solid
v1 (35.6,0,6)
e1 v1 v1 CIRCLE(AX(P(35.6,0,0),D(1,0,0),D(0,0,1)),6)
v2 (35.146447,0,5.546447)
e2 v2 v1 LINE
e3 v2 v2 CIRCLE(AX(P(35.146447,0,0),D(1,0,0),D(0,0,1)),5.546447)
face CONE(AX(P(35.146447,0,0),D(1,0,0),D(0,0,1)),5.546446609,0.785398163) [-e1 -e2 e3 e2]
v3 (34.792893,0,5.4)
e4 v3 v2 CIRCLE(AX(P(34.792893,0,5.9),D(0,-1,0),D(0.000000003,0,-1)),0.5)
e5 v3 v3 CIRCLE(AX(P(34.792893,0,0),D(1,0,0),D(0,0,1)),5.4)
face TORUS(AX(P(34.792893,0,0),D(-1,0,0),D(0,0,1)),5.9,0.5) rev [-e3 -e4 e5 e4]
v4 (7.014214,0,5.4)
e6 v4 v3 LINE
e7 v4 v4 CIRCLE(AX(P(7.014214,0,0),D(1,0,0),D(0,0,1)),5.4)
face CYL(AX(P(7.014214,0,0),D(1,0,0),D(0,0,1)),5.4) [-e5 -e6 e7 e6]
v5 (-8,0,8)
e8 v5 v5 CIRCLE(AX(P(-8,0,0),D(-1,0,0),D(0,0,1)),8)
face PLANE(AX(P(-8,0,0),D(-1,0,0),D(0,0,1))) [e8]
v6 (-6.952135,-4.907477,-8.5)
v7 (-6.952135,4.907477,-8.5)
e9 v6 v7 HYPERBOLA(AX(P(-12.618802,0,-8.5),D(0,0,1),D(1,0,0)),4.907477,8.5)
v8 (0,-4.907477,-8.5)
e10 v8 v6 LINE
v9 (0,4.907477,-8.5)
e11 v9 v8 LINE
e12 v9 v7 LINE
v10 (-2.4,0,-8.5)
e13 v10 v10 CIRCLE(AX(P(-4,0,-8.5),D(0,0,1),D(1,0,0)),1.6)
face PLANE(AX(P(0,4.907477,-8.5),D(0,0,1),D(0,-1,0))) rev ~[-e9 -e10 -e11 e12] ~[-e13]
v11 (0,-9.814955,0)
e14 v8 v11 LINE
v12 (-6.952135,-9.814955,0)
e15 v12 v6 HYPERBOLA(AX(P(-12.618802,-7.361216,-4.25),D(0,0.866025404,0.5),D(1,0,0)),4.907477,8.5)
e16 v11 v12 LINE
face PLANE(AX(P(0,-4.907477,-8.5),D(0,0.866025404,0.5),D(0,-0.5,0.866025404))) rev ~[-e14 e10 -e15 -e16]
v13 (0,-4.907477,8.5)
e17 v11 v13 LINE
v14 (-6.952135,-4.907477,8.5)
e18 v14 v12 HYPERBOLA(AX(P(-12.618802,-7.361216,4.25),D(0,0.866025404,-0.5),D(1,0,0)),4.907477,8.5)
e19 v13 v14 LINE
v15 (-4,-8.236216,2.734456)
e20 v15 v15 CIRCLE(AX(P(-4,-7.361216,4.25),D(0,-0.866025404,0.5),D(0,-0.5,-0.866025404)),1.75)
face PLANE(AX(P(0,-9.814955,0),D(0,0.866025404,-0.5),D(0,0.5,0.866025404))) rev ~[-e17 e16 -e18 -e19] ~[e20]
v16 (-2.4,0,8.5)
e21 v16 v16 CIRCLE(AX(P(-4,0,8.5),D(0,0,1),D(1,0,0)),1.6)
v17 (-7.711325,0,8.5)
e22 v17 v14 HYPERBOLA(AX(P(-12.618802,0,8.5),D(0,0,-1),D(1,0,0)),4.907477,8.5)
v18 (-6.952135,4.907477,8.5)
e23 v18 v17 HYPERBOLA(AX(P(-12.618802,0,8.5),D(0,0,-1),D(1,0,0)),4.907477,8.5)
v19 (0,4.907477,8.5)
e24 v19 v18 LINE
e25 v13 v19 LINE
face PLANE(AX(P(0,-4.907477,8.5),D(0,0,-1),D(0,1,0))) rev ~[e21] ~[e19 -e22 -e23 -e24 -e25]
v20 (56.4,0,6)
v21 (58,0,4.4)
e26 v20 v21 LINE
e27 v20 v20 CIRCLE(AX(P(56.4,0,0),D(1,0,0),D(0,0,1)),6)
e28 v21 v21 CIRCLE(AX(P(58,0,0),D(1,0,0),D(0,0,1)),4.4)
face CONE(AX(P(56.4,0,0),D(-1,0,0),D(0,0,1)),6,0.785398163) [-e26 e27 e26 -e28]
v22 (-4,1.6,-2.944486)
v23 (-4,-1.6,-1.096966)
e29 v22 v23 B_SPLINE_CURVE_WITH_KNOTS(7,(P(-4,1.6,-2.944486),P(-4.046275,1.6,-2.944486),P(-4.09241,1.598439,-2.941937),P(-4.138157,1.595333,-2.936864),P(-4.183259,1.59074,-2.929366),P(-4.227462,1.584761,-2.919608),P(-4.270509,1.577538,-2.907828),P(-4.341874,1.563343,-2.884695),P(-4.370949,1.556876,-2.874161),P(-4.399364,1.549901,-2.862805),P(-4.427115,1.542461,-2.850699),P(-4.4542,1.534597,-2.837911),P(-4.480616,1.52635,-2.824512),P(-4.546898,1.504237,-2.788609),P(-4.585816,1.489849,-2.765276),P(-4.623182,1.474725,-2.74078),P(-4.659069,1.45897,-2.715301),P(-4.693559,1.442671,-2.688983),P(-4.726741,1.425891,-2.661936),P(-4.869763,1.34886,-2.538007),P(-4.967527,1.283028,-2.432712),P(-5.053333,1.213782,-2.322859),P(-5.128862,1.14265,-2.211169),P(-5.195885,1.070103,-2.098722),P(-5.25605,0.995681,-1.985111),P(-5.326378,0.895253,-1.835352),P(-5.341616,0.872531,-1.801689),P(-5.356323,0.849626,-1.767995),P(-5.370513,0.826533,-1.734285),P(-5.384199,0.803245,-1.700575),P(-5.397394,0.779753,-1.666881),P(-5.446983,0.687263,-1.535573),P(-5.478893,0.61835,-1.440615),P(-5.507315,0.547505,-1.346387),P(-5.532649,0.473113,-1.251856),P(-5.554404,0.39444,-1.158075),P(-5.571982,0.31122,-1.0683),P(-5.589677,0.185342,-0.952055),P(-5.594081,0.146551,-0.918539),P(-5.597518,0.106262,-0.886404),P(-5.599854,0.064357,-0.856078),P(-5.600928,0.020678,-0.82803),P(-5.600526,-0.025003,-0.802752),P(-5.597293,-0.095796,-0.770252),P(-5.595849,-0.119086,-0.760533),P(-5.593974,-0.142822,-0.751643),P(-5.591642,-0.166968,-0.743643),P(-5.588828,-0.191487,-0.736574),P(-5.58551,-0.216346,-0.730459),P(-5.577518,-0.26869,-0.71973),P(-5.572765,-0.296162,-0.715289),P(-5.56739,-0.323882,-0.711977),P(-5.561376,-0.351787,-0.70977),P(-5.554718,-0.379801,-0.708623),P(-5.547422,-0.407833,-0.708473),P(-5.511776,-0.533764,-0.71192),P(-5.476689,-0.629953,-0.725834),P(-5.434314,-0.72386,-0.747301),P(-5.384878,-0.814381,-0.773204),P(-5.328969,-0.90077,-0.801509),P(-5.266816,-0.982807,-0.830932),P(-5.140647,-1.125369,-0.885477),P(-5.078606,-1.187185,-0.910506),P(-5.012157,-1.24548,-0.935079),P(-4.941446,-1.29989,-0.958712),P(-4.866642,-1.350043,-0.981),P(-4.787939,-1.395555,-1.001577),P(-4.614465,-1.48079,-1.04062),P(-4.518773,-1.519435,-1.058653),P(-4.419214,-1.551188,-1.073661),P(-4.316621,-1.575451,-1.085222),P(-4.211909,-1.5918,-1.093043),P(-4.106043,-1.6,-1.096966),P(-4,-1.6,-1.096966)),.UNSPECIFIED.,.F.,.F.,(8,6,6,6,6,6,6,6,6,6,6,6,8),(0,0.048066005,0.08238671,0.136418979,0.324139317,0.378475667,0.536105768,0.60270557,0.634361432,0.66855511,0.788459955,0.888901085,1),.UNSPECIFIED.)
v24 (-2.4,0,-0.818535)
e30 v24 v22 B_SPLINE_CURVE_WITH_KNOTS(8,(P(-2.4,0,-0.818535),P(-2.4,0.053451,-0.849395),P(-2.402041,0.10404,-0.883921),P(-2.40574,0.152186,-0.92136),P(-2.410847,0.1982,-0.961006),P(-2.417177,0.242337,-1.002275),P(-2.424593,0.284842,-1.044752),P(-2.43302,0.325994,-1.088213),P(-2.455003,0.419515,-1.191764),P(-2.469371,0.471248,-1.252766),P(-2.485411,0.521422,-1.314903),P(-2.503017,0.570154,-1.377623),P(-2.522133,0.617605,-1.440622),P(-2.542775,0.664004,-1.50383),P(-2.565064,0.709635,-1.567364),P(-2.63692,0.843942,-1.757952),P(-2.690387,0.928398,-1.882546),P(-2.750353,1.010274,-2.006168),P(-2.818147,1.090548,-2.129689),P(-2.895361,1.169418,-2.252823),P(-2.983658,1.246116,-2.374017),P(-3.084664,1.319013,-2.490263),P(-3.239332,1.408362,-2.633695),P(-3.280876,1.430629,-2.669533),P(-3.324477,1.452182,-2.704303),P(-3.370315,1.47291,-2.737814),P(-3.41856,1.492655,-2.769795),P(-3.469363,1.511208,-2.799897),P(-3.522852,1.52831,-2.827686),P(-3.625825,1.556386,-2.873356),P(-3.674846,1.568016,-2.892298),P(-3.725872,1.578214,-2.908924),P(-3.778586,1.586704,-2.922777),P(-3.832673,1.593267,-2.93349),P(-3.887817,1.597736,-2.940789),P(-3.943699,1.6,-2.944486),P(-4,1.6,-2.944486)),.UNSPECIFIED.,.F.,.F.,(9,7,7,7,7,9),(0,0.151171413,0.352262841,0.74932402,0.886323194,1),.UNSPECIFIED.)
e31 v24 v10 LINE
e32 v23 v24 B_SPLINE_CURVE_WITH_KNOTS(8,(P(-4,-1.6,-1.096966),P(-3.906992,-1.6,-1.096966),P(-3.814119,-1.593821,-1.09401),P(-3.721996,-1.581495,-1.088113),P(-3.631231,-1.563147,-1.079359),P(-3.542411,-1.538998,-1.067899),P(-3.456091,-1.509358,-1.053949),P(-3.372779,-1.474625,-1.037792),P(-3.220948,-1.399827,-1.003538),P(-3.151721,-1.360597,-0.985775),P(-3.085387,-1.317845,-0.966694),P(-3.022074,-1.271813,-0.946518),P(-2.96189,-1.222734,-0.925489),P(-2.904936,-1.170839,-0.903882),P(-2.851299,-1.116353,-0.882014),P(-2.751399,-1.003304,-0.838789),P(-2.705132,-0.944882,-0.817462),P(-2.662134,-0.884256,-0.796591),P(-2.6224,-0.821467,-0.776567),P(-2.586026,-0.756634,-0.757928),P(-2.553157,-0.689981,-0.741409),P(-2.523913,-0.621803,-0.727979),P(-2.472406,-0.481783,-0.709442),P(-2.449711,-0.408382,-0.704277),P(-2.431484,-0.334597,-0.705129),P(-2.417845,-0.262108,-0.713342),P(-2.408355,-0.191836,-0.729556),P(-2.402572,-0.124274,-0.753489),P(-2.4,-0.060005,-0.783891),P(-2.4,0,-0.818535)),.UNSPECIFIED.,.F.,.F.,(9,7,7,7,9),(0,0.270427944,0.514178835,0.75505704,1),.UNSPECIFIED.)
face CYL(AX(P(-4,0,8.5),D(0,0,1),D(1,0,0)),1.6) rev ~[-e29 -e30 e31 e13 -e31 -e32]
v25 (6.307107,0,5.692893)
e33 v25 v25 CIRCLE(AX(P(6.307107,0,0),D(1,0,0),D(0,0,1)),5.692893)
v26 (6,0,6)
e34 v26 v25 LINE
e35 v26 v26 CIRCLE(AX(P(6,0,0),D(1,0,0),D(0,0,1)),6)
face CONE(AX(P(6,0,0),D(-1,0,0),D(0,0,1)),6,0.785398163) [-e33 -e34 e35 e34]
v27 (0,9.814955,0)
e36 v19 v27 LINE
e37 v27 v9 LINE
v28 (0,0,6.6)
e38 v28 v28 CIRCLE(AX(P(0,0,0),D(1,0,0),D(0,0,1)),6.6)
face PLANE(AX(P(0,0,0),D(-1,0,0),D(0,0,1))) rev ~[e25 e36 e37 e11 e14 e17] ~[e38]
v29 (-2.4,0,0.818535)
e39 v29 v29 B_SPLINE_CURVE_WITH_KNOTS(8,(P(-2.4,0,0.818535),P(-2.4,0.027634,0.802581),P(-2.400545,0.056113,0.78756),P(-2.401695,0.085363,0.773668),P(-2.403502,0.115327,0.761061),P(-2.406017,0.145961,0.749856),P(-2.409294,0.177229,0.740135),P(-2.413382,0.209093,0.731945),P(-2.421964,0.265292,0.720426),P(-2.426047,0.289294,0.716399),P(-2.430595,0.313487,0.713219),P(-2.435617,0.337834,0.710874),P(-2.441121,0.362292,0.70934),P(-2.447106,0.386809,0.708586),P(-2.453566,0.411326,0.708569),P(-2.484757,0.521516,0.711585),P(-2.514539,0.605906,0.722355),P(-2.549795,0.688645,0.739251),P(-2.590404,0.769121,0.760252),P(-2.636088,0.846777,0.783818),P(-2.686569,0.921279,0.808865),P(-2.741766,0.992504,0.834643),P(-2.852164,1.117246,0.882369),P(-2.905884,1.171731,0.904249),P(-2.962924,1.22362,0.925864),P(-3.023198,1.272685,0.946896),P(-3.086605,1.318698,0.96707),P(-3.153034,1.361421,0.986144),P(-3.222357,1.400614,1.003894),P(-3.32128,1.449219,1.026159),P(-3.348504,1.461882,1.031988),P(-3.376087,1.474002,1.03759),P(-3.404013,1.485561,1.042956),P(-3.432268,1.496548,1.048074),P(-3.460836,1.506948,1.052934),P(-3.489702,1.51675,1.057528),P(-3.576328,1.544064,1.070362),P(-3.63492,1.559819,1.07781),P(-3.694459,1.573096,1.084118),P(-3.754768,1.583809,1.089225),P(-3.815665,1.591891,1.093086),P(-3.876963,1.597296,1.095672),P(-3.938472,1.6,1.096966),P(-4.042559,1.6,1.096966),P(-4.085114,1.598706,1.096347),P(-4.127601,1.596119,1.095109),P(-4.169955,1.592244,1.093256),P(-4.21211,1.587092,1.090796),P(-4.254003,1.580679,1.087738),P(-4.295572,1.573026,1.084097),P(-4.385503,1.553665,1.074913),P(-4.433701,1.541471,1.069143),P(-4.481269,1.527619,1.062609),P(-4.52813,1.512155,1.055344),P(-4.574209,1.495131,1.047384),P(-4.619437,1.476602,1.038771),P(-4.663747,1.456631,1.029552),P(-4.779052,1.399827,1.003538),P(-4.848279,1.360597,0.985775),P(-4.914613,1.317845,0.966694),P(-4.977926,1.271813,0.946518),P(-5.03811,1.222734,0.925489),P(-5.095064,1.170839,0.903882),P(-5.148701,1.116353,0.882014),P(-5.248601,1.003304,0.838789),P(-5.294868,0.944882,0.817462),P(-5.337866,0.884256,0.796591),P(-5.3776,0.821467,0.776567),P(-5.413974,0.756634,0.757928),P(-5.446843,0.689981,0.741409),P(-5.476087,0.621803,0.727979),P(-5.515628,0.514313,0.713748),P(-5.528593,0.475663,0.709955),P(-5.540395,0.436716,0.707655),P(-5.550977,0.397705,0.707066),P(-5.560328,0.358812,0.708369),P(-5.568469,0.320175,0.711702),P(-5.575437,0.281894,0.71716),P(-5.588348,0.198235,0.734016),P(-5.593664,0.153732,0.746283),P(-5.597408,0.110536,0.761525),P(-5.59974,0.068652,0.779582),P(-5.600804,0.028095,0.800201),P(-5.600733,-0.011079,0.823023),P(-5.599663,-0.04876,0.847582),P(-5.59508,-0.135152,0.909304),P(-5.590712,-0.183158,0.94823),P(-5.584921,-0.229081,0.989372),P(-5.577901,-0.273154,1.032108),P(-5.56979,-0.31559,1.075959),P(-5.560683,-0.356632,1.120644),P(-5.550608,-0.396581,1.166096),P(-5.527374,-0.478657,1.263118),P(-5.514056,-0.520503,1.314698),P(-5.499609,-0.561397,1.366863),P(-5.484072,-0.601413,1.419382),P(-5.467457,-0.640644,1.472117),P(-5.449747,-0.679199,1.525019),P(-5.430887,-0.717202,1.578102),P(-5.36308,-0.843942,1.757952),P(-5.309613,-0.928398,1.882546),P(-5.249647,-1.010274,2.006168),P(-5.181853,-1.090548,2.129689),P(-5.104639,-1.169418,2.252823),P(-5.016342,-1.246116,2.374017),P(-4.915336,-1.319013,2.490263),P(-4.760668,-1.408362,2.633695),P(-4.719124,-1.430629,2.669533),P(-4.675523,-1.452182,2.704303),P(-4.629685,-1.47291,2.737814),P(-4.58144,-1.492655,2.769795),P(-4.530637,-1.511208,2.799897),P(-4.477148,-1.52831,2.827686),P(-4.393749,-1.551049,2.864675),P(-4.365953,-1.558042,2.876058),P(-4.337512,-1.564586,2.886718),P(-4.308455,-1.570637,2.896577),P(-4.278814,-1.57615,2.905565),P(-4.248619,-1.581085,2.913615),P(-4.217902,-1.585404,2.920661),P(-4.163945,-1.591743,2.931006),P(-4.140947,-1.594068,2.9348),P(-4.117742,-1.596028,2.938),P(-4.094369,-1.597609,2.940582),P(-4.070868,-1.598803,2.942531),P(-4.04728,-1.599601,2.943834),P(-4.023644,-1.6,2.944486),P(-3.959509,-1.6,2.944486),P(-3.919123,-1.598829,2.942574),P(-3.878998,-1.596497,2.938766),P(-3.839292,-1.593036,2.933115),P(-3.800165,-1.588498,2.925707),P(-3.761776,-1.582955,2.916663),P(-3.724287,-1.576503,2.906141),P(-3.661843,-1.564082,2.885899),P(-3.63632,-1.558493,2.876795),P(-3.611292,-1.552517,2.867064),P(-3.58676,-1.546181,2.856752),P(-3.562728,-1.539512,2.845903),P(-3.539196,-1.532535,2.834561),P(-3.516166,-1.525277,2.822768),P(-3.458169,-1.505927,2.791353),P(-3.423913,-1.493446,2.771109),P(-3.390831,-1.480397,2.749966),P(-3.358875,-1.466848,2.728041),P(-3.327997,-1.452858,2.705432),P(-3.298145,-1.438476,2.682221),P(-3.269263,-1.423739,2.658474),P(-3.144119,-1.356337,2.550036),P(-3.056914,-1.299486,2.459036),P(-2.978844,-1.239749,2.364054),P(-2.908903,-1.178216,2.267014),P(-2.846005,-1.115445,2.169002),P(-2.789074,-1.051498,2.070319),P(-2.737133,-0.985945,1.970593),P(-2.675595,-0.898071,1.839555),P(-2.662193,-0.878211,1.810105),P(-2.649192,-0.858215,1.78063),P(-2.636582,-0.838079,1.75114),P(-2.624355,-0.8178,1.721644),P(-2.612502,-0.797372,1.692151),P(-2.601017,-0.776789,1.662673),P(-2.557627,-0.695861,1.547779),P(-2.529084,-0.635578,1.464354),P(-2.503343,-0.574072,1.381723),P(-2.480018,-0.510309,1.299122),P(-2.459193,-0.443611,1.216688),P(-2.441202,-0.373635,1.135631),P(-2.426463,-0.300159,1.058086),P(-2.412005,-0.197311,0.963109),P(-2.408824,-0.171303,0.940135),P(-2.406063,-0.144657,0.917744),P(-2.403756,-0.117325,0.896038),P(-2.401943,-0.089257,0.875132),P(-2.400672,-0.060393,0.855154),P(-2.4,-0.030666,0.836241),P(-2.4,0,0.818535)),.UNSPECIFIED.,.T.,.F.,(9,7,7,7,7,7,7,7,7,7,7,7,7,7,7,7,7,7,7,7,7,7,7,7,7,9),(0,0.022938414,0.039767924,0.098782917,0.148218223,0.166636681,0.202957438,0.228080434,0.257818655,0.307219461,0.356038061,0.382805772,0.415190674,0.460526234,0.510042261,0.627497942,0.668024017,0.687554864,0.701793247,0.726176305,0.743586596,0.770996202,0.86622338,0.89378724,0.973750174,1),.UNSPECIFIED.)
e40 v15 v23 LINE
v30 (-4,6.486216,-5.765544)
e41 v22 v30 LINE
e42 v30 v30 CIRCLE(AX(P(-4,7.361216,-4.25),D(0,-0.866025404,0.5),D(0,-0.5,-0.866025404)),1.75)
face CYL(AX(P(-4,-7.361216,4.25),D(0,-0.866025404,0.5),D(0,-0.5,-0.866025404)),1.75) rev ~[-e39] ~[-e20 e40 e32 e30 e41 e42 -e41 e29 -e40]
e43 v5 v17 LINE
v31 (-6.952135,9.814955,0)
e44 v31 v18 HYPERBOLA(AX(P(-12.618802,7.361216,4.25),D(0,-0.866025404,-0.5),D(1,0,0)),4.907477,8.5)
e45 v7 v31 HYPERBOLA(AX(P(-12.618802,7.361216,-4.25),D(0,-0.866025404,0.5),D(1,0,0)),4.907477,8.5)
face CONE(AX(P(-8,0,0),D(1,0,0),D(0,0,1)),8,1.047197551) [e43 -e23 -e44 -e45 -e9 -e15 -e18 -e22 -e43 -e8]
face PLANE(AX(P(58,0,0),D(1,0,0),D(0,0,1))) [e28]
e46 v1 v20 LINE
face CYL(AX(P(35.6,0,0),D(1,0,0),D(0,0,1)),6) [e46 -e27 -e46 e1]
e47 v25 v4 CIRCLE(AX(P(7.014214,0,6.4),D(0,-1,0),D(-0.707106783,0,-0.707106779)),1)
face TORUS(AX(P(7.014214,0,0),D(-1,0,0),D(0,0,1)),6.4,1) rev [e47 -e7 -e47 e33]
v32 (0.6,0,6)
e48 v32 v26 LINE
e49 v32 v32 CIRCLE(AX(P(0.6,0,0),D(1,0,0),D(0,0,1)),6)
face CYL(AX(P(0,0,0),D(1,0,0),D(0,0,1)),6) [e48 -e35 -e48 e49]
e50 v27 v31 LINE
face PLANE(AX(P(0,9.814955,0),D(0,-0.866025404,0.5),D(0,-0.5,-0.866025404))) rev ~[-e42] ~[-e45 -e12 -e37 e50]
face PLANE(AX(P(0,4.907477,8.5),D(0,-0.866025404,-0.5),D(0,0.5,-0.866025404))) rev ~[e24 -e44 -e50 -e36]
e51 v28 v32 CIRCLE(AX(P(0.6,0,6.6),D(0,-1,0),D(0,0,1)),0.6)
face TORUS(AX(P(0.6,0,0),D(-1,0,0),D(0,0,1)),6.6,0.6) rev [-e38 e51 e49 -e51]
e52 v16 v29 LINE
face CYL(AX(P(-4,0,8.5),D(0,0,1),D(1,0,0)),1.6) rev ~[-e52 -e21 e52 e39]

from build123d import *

# Parameters (mm, degrees)
EXTRUDE_1_DEPTH     = 8
SKETCH_3_OUTSIDE_W  = 269.662
SKETCH_3_OUTSIDE_H  = 272.292
SKETCH_3_OUTSIDE_R  = 8
CUT_EXTRUDE_1_DEPTH = 68.265023105
CUT_EXTRUDE_1_DRAFT = -60
FILLET_1_R          = 0.6
SKETCH_4_R          = 1.6
CUT_EXTRUDE_2_DEPTH = 62.231800017
SKETCH_5_R          = 1.75
CUT_EXTRUDE_3_DEPTH = 62.8189561


with BuildPart() as part:
    # Эскиз1 → Повернуть1 (revolve)
    with BuildSketch(Plane.XY, mode=Mode.PRIVATE) as revolve_1_sk:
        with BuildLine():
            Line((0, 0), (0, 6))
            Line((0, 6), (6, 6))
            Line((6, 6), (6.307106781, 5.692893219))
            ThreePointArc((6.307106781, 5.692893219), (6.63153013, 5.476120467), (7.014213562, 5.4))
            Line((7.014213562, 5.4), (34.792893219, 5.4))
            ThreePointArc((34.792893219, 5.4), (34.984234935, 5.438060234), (35.146446609, 5.546446609))
            Line((35.146446609, 5.546446609), (35.6, 6))
            Line((35.6, 6), (56.4, 6))
            Line((56.4, 6), (58, 4.4))
            Line((58, 4.4), (58, 0))
            Line((58, 0), (0, 0))
        make_face()
    revolve(revolve_1_sk.sketch.rotate(Axis((0, 0, 0), (1, 0, 0)), 90), axis=Axis((0, 0, 0), (1, 0, 0)))

    # Эскиз2 → Бобышка-Вытянуть1 (add)
    with BuildSketch(Plane.ZY):
        Polygon((0, -9.814954576), (8.5, -4.907477288), (8.5, 4.907477288), (0, 9.814954576), (-8.5, 4.907477288), (-8.5, -4.907477288), align=None)
    extrude(amount=EXTRUDE_1_DEPTH)


with BuildPart() as cut_extrude_1_tool:
    # Эскиз3 outside → Вырез-Вытянуть1 (with draft: the straight prism first)
    with BuildSketch(Plane.ZY.offset(8)):
        Rectangle(SKETCH_3_OUTSIDE_W, SKETCH_3_OUTSIDE_H)
        Circle(SKETCH_3_OUTSIDE_R, mode=Mode.SUBTRACT)
    extrude(amount=-CUT_EXTRUDE_1_DEPTH)
    # Вырез-Вытянуть1: the draft: its side faces are tilted about the plane it starts from
    cut_extrude_1_sides = [cut_extrude_1_tool.faces().sort_by_distance(p)[0] for p in [
        (26.132511553, -136.146, 0),
        (26.132511553, 0, 134.831),
        (26.132511553, 136.146, 0),
        (26.132511553, 0, -134.831),
        (26.132511553, 0, -8),
    ]]
    draft(cut_extrude_1_sides, Plane.ZY.offset(8), CUT_EXTRUDE_1_DRAFT)


with BuildPart() as part_1:
    add(part.part)

    # Вырез-Вытянуть1: cut by cut_extrude_1_tool
    add(cut_extrude_1_tool.part, mode=Mode.SUBTRACT)

    # Скругление1
    fillet_1_edges = [part_1.edges().sort_by_distance(p)[0] for p in [
        (0, 0, -6),
    ]]
    fillet(fillet_1_edges, radius=FILLET_1_R)

    # Эскиз4 → Вырез-Вытянуть2 (cut, through all)
    with BuildSketch(Plane.XY.offset(8.5)):
        with Locations((-4, 0)):
            Circle(SKETCH_4_R)
    extrude(amount=-CUT_EXTRUDE_2_DEPTH, mode=Mode.SUBTRACT)

    # Эскиз5 → Вырез-Вытянуть3 (cut, through all)
    with BuildSketch(Plane(origin=(0, -7.361215932, 4.25), x_dir=(1, 0, 0), z_dir=(0, -0.8660254037844385, 0.5000000000000004))):
        with Locations(Location((-4, 0, 0), (0, 0, 270))):
            Circle(SKETCH_5_R)
    extrude(amount=-CUT_EXTRUDE_3_DEPTH, mode=Mode.SUBTRACT)


solid = part_1.part
